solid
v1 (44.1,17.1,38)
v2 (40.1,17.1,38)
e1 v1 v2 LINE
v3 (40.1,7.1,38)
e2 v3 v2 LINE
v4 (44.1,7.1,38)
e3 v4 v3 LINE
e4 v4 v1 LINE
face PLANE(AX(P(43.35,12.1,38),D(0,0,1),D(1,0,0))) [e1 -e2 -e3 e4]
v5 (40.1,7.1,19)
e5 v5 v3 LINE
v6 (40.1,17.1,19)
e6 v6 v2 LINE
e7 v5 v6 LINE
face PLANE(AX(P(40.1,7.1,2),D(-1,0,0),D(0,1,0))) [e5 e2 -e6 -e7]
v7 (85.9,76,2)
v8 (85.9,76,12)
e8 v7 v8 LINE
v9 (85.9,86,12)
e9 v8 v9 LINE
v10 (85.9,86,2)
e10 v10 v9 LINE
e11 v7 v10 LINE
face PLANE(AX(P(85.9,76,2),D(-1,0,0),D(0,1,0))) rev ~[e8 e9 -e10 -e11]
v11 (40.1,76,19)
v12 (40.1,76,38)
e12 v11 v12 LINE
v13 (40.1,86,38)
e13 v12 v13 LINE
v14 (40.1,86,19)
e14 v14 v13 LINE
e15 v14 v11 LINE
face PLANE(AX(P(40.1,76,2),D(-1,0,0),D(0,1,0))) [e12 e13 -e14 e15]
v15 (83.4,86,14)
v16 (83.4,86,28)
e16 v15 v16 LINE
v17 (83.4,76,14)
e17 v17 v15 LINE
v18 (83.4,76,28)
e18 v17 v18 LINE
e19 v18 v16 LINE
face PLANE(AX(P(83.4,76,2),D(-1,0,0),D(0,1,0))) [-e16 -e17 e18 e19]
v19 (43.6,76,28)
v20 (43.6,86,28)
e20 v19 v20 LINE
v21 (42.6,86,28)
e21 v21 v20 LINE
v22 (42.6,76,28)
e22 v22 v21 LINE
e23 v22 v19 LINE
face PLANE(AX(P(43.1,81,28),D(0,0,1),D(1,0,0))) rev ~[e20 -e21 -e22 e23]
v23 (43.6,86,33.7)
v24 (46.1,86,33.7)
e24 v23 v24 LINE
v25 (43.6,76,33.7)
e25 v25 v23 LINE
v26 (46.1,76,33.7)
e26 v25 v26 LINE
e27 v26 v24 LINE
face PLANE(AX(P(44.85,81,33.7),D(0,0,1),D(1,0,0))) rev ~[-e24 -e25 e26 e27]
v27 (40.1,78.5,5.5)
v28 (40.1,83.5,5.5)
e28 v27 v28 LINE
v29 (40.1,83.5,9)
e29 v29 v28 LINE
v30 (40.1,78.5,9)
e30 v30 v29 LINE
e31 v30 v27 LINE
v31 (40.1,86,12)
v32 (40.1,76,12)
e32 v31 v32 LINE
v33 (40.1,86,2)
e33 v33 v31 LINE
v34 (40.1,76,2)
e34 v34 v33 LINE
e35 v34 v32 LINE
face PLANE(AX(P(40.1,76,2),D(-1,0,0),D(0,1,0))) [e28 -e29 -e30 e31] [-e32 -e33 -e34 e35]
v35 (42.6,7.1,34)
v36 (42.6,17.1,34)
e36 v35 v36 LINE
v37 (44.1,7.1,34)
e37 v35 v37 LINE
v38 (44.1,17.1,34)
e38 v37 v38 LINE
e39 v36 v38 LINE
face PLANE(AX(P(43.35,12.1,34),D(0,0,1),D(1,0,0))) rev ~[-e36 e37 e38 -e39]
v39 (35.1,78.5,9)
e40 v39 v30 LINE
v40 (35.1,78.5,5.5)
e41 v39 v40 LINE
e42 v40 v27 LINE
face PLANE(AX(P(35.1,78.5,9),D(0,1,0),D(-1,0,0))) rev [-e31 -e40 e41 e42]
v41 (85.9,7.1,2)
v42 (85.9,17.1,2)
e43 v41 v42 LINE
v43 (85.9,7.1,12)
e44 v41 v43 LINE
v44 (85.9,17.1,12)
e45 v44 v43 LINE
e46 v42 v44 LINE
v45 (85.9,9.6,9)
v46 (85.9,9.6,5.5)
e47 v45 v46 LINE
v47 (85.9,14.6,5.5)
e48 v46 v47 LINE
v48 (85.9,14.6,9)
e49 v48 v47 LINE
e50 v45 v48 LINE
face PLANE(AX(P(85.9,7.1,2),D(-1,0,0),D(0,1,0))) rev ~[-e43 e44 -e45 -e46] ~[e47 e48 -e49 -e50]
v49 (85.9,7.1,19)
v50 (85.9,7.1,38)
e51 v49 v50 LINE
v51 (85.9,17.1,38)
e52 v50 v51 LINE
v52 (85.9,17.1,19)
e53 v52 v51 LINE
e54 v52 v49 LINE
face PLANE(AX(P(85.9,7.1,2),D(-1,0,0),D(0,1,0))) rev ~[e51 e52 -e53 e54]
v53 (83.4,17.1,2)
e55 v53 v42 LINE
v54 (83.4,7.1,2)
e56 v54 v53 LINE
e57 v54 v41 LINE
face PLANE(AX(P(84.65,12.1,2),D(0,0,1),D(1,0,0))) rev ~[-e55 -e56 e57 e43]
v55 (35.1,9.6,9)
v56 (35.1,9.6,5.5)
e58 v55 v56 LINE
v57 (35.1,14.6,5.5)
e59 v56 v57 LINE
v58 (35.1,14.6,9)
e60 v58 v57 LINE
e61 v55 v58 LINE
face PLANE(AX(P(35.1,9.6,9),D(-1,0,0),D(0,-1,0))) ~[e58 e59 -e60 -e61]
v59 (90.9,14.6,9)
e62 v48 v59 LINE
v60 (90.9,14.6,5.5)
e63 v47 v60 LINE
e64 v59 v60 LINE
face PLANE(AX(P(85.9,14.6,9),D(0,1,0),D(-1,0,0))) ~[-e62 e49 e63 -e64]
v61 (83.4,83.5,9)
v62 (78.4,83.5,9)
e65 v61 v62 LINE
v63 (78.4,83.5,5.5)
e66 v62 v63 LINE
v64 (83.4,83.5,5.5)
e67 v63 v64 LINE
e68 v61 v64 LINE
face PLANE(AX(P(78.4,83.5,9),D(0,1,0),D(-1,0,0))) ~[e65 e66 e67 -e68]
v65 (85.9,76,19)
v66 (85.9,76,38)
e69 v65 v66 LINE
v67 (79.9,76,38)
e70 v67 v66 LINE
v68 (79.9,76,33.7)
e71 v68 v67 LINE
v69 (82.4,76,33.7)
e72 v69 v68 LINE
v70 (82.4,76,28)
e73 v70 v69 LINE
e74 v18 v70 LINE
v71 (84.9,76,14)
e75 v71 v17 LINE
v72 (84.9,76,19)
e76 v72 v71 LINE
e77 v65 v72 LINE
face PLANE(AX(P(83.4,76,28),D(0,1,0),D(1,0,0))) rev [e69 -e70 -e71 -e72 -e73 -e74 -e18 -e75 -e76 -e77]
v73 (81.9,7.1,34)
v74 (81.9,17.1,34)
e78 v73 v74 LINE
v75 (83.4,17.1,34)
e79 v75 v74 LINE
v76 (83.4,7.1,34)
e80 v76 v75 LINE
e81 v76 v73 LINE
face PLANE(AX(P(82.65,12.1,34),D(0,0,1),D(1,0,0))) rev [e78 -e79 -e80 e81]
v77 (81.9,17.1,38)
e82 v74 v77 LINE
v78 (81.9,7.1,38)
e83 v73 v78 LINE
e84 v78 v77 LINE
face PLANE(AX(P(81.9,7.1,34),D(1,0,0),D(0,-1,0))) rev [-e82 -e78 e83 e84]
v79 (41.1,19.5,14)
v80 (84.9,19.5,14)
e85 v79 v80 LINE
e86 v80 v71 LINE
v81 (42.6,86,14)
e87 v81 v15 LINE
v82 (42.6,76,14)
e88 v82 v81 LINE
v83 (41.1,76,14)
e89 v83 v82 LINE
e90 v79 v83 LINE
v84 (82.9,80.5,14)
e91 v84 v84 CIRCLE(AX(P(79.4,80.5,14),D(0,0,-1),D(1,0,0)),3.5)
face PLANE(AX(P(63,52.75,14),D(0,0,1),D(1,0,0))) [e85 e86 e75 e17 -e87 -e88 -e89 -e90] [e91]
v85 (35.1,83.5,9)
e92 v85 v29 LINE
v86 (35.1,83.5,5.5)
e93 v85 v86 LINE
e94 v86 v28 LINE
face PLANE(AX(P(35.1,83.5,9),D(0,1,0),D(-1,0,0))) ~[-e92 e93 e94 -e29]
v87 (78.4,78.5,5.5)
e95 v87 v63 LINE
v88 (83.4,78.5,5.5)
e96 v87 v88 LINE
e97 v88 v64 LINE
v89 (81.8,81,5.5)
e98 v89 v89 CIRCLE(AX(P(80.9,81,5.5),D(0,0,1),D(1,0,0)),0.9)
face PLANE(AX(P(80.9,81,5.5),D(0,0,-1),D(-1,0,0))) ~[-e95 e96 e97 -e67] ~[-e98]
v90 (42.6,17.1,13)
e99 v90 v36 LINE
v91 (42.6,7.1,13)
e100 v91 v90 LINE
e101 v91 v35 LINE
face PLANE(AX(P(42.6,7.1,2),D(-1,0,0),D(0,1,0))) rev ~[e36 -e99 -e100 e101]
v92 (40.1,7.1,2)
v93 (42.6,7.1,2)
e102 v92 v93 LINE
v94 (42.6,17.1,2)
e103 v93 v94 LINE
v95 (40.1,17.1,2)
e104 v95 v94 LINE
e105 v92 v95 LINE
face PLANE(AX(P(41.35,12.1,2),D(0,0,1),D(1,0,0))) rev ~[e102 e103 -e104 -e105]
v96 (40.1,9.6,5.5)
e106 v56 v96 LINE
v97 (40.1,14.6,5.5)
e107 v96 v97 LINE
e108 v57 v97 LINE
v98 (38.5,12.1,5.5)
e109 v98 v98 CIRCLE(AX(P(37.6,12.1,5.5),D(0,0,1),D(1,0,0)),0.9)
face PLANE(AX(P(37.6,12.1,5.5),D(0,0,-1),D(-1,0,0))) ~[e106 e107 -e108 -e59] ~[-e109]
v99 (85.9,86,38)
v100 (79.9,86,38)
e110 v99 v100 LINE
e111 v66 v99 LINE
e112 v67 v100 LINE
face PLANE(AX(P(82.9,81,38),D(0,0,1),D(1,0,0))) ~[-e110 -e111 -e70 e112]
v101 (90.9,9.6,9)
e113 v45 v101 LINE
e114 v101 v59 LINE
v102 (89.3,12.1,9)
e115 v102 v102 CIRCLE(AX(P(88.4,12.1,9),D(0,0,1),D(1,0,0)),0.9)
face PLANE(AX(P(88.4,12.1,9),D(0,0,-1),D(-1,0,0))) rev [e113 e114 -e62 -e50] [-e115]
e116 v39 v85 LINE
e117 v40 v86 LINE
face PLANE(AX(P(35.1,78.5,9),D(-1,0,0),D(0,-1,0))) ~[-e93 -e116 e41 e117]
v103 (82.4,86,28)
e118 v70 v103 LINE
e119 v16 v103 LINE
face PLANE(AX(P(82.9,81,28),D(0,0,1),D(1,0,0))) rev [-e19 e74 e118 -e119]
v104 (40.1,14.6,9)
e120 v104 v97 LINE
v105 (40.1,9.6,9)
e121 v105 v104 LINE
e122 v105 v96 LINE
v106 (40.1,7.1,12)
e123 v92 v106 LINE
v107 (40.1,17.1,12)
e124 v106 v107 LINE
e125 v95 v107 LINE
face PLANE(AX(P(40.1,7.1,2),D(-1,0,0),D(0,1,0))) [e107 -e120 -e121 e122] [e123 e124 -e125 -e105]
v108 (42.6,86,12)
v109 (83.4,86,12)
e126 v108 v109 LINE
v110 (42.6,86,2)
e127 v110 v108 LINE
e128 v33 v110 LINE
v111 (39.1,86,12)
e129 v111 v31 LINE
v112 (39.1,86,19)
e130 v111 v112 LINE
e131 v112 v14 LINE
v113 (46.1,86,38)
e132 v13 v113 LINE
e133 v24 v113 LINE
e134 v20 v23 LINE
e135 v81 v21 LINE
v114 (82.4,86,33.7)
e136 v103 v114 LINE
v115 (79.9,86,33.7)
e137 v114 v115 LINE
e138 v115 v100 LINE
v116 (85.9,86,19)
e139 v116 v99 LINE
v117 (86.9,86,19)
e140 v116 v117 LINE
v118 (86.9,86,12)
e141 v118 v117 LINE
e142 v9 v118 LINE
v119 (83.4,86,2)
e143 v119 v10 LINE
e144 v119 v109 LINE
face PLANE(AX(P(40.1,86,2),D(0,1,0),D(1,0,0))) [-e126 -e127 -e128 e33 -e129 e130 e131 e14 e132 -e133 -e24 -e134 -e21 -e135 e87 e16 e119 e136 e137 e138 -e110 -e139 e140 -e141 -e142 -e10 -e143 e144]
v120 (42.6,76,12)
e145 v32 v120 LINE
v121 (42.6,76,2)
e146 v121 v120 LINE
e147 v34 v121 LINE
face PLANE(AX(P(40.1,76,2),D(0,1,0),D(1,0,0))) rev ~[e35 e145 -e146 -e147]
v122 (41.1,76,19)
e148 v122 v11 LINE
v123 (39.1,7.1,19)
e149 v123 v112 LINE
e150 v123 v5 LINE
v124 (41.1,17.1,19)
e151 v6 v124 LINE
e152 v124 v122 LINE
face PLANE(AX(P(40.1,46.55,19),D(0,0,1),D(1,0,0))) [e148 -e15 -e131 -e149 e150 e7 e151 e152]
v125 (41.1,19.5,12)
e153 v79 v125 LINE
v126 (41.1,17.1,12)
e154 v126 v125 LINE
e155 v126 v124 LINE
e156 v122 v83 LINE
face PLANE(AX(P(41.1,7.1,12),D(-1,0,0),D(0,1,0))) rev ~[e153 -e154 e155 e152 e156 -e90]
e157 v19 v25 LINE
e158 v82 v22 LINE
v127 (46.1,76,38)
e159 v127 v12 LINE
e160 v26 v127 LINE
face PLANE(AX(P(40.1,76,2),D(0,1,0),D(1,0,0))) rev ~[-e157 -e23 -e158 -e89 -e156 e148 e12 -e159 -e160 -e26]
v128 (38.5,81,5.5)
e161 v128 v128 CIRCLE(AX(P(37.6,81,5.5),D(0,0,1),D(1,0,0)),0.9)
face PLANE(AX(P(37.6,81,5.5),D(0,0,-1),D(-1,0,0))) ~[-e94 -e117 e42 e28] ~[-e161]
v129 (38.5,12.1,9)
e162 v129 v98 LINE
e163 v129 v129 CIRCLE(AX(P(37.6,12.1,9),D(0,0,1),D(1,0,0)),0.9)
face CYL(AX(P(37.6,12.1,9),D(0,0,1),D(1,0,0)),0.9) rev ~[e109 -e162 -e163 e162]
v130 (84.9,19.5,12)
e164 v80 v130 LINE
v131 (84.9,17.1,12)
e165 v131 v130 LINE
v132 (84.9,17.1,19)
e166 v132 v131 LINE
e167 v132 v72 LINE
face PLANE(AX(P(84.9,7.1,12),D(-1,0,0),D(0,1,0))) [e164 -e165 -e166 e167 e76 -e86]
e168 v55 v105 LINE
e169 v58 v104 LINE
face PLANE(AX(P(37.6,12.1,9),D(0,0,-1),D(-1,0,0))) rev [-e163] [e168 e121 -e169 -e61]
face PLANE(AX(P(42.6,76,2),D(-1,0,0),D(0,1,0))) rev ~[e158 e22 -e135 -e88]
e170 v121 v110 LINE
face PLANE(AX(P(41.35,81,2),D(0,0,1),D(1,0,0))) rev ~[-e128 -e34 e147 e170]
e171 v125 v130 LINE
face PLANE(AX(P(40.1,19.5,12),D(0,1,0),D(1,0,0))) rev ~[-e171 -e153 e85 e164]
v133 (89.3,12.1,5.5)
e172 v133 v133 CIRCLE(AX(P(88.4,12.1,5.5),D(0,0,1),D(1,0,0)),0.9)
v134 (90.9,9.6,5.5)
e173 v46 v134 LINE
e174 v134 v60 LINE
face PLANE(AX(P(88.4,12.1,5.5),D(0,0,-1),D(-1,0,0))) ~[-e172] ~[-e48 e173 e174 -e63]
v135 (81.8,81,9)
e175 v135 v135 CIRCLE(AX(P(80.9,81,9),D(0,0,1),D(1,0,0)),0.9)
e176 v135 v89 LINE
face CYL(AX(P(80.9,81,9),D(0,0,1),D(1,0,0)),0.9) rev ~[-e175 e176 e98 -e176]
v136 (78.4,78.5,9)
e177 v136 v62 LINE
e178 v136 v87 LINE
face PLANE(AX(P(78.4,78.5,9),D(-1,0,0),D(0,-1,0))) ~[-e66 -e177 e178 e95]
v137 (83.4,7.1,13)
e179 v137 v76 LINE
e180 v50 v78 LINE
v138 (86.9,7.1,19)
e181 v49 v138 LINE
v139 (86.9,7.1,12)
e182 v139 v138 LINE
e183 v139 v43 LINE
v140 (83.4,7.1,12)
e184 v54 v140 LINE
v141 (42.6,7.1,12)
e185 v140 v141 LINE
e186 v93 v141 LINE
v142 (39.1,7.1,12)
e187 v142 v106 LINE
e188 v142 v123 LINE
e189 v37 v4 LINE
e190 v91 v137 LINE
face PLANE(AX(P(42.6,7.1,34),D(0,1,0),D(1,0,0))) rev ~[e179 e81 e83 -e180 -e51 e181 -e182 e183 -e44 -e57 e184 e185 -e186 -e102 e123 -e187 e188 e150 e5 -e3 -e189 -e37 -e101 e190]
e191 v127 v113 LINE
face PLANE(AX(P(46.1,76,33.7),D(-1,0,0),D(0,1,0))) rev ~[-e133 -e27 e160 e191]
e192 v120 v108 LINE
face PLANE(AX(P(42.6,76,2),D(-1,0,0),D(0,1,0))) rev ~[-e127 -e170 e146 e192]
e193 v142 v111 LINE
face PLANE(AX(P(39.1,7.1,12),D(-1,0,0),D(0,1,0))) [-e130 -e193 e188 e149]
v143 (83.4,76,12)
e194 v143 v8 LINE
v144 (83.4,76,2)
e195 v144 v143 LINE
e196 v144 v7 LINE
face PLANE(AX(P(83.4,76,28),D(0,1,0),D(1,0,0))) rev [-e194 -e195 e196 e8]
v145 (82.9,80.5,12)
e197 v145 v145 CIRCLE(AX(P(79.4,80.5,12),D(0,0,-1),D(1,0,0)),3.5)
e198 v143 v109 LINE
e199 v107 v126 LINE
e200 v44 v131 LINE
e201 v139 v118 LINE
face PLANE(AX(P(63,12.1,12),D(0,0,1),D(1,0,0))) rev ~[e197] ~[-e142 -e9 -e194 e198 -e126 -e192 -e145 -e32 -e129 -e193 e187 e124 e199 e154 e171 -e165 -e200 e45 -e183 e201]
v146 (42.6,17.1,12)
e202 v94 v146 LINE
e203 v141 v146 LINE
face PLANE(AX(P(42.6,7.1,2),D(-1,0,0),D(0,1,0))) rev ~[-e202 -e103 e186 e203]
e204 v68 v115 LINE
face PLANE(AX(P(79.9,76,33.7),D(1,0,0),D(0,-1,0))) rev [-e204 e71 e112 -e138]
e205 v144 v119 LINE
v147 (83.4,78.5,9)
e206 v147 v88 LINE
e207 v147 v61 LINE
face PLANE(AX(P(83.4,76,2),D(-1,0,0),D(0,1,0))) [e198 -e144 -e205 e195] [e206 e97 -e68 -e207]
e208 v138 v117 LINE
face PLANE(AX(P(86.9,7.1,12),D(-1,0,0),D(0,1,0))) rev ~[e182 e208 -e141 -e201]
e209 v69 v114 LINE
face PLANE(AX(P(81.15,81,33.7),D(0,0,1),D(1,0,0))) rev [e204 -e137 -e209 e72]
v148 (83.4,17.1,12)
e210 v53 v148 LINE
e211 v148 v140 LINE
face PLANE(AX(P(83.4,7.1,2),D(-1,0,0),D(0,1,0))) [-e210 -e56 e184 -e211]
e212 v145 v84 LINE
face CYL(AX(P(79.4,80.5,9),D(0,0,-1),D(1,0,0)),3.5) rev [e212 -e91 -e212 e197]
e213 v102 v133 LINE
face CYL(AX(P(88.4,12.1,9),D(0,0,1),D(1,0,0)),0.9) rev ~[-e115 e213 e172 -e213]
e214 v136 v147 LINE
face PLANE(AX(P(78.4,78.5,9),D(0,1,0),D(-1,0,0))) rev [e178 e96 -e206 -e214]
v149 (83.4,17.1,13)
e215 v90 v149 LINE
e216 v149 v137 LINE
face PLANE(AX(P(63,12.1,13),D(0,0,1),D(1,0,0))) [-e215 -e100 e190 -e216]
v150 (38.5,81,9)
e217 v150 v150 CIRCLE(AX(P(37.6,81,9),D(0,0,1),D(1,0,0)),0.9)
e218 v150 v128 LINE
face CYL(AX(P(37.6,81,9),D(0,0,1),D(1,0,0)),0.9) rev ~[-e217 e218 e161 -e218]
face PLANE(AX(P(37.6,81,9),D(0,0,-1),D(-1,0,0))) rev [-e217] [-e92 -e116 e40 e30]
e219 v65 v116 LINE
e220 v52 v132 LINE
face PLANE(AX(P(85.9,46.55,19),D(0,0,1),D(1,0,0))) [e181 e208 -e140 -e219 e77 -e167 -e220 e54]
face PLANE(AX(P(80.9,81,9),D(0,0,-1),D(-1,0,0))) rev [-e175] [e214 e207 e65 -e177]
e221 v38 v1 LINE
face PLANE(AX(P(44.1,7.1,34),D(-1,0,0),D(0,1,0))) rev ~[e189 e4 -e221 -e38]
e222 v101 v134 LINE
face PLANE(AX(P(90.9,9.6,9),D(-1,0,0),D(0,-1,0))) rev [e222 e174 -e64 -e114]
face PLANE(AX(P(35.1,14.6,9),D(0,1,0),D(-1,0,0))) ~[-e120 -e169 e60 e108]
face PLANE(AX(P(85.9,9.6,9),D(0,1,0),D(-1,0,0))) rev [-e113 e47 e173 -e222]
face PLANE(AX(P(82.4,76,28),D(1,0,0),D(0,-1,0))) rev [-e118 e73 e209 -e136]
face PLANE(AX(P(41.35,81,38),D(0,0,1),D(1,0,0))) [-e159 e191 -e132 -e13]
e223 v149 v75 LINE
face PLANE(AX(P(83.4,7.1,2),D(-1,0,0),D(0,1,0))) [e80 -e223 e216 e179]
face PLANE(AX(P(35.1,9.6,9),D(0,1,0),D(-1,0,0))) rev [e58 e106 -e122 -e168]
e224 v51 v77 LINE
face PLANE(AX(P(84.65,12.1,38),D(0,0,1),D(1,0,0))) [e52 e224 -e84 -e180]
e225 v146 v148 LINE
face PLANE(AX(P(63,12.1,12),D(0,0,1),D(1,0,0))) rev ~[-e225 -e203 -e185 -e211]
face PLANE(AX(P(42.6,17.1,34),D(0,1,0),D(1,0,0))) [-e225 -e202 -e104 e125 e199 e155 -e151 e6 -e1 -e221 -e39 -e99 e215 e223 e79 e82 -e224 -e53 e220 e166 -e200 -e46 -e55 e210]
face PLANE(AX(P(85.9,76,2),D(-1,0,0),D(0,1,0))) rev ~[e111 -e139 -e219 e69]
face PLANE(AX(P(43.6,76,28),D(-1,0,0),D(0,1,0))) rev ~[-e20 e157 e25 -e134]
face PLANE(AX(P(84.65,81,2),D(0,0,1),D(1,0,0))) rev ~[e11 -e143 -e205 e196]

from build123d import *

# Parameters (mm, degrees)
CYLINDER013_R     = 3.5
CYLINDER013_DEPTH = 15
CYLINDER012_R     = 0.9
CYLINDER012_DEPTH = 3.5
BOX039_W          = 5
BOX039_H          = 5
BOX039_DEPTH      = 3.5
BOX036_W          = 2.5
BOX036_H          = 10
BOX036_DEPTH      = 36
BOX031_W          = 1
BOX031_H          = 10
BOX031_DEPTH      = 10
BOX029_W          = 1.5
BOX029_H          = 10
BOX029_DEPTH      = 4
BOX032_W          = 2.5
BOX032_H          = 10
BOX032_DEPTH      = 4.3
BOX037_W          = 2
BOX037_H          = 78.9
BOX037_DEPTH      = 7
BOX033_W          = 2
BOX033_H          = 78.9
BOX033_DEPTH      = 7
BOX030_W          = 2.5
BOX030_H          = 10
BOX030_DEPTH      = 36
BOX034_W          = 45.8
BOX034_H          = 66.5
BOX034_DEPTH      = 2
BOX038_W          = 45.8
BOX038_H          = 10
BOX038_DEPTH      = 1
BOX035_W          = 2.5
BOX035_H          = 10
BOX035_DEPTH      = 36
BOX028_W          = 2.5
BOX028_H          = 10
BOX028_DEPTH      = 36


with BuildPart() as anchorhole003:
    # Cylinder013 → Cylinder013 (new body)
    with BuildSketch(Plane(origin=(2.5, 2.5, 0), x_dir=(1, 0, 0), z_dir=(0, 0, 1))):
        Circle(CYLINDER013_R)
    extrude(amount=CYLINDER013_DEPTH)


with BuildPart() as anchorhole003_1:
    # Clone024 placement: moved
    add(anchorhole003.part.moved(Location((76.9, 78, 9))))


with BuildPart() as anchorscrew:
    # Cylinder012 → Cylinder012 (new body)
    with BuildSketch(Plane(origin=(2.5, 2.5, 0), x_dir=(1, 0, 0), z_dir=(0, 0, 1))):
        Circle(CYLINDER012_R)
    extrude(amount=CYLINDER012_DEPTH)


with BuildPart() as anchor:
    # Box039 → Box039 (new body)
    with BuildSketch(Plane.XY):
        with Locations((2.5, 2.5)):
            Rectangle(BOX039_W, BOX039_H)
    extrude(amount=BOX039_DEPTH)

    # Cut010: cut AnchorScrew
    add(anchorscrew.part, mode=Mode.SUBTRACT)


with BuildPart() as anchor001:
    # Clone005 base: copy of Anchor
    add(anchor.part)


with BuildPart() as anchor001_1:
    # Clone005 placement: moved
    add(anchor001.part.moved(Location((85.9, 9.6, 2))))


with BuildPart() as part_mirroring004:
    # Part__Mirroring004: instance of anchor001
    add(anchor001_1.part.mirror(Plane(origin=(0, 0, 5.5), x_dir=(0, 1, 0), z_dir=(0, 0, 1))))


with BuildPart() as clone006:
    # Clone006 base: copy of Anchor
    add(anchor.part)


with BuildPart() as clone006_1:
    # Clone006 placement: moved
    add(clone006.part.moved(Location((78.4, 78.5, 2))))


with BuildPart() as part_mirroring005:
    # Part__Mirroring005: instance of Clone006
    add(clone006_1.part.mirror(Plane(origin=(0, 0, 5.5), x_dir=(0, 1, 0), z_dir=(0, 0, 1))))


with BuildPart() as cube028:
    # Box036 → Box036 (new body)
    with BuildSketch(Plane(origin=(83.4, 76, 2), x_dir=(1, 0, 0), z_dir=(0, 0, 1))):
        with Locations((1.25, 5)):
            Rectangle(BOX036_W, BOX036_H)
    extrude(amount=BOX036_DEPTH)


with BuildPart() as cube023:
    # Box031 → Box031 (new body)
    with BuildSketch(Plane(origin=(42.6, 76, 28), x_dir=(1, 0, 0), z_dir=(0, 0, 1))):
        with Locations((0.5, 5)):
            Rectangle(BOX031_W, BOX031_H)
    extrude(amount=BOX031_DEPTH)


with BuildPart() as cube021:
    # Box029 → Box029 (new body)
    with BuildSketch(Plane(origin=(42.6, 7.1, 34), x_dir=(1, 0, 0), z_dir=(0, 0, 1))):
        with Locations((0.75, 5)):
            Rectangle(BOX029_W, BOX029_H)
    extrude(amount=BOX029_DEPTH)


with BuildPart() as fusion004:
    # Box032 → Box032 (new body)
    with BuildSketch(Plane(origin=(43.6, 76, 33.7), x_dir=(1, 0, 0), z_dir=(0, 0, 1))):
        with Locations((1.25, 5)):
            Rectangle(BOX032_W, BOX032_H)
    extrude(amount=BOX032_DEPTH)

    # Fusion004: union Cube023, Cube021
    add(cube023.part)
    add(cube021.part)


with BuildPart() as part_mirroring003:
    # Part__Mirroring003: instance of Fusion004
    add(fusion004.part.mirror(Plane(origin=(63, 0, 0), x_dir=(0, -1, 0), z_dir=(1, 0, 0))))


with BuildPart() as anchor003:
    # Clone008 base: copy of Anchor
    add(anchor.part)


with BuildPart() as anchor003_1:
    # Clone008 placement: moved
    add(anchor003.part.moved(Location((35.1, 78.5, 2))))


with BuildPart() as part_mirroring007:
    # Part__Mirroring007: instance of Anchor003
    add(anchor003_1.part.mirror(Plane(origin=(0, 0, 5.5), x_dir=(0, 1, 0), z_dir=(0, 0, 1))))


with BuildPart() as cube029:
    # Box037 → Box037 (new body)
    with BuildSketch(Plane(origin=(84.9, 7.1, 12), x_dir=(1, 0, 0), z_dir=(0, 0, 1))):
        with Locations((1, 39.45)):
            Rectangle(BOX037_W, BOX037_H)
    extrude(amount=BOX037_DEPTH)


with BuildPart() as cube025:
    # Box033 → Box033 (new body)
    with BuildSketch(Plane(origin=(39.1, 7.1, 12), x_dir=(1, 0, 0), z_dir=(0, 0, 1))):
        with Locations((1, 39.45)):
            Rectangle(BOX033_W, BOX033_H)
    extrude(amount=BOX033_DEPTH)


with BuildPart() as cube022:
    # Box030 → Box030 (new body)
    with BuildSketch(Plane(origin=(40.1, 76, 2), x_dir=(1, 0, 0), z_dir=(0, 0, 1))):
        with Locations((1.25, 5)):
            Rectangle(BOX030_W, BOX030_H)
    extrude(amount=BOX030_DEPTH)


with BuildPart() as cube026:
    # Box034 → Box034 (new body)
    with BuildSketch(Plane(origin=(40.1, 19.5, 12), x_dir=(1, 0, 0), z_dir=(0, 0, 1))):
        with Locations((22.9, 33.25)):
            Rectangle(BOX034_W, BOX034_H)
    extrude(amount=BOX034_DEPTH)


with BuildPart() as anchor002:
    # Clone007 base: copy of Anchor
    add(anchor.part)


with BuildPart() as anchor002_1:
    # Clone007 placement: moved
    add(anchor002.part.moved(Location((35.1, 9.6, 2))))


with BuildPart() as part_mirroring006:
    # Part__Mirroring006: instance of Anchor002
    add(anchor002_1.part.mirror(Plane(origin=(0, 0, 5.5), x_dir=(0, 1, 0), z_dir=(0, 0, 1))))


with BuildPart() as cube030:
    # Box038 → Box038 (new body)
    with BuildSketch(Plane(origin=(40.1, 7.1, 12), x_dir=(1, 0, 0), z_dir=(0, 0, 1))):
        with Locations((22.9, 5)):
            Rectangle(BOX038_W, BOX038_H)
    extrude(amount=BOX038_DEPTH)


with BuildPart() as cube027:
    # Box035 → Box035 (new body)
    with BuildSketch(Plane(origin=(83.4, 7.1, 2), x_dir=(1, 0, 0), z_dir=(0, 0, 1))):
        with Locations((1.25, 5)):
            Rectangle(BOX035_W, BOX035_H)
    extrude(amount=BOX035_DEPTH)


with BuildPart() as flashercradle:
    # Box028 → Box028 (new body)
    with BuildSketch(Plane(origin=(40.1, 7.1, 2), x_dir=(1, 0, 0), z_dir=(0, 0, 1))):
        with Locations((1.25, 5)):
            Rectangle(BOX028_W, BOX028_H)
    extrude(amount=BOX028_DEPTH)

    # Fusion005: union Part__Mirroring004, Part__Mirroring005, Cube028, Part__Mirroring003, Part__Mirroring007, Cube029, Cube025, Cube022, Cube026, Part__Mirroring006, Cube030, Cube027, Fusion004
    add(part_mirroring004.part)
    add(part_mirroring005.part)
    add(cube028.part)
    add(part_mirroring003.part)
    add(part_mirroring007.part)
    add(cube029.part)
    add(cube025.part)
    add(cube022.part)
    add(cube026.part)
    add(part_mirroring006.part)
    add(cube030.part)
    add(cube027.part)
    add(fusion004.part)

    # Cut021: cut AnchorHole003
    add(anchorhole003_1.part, mode=Mode.SUBTRACT)


solid = flashercradle.part
